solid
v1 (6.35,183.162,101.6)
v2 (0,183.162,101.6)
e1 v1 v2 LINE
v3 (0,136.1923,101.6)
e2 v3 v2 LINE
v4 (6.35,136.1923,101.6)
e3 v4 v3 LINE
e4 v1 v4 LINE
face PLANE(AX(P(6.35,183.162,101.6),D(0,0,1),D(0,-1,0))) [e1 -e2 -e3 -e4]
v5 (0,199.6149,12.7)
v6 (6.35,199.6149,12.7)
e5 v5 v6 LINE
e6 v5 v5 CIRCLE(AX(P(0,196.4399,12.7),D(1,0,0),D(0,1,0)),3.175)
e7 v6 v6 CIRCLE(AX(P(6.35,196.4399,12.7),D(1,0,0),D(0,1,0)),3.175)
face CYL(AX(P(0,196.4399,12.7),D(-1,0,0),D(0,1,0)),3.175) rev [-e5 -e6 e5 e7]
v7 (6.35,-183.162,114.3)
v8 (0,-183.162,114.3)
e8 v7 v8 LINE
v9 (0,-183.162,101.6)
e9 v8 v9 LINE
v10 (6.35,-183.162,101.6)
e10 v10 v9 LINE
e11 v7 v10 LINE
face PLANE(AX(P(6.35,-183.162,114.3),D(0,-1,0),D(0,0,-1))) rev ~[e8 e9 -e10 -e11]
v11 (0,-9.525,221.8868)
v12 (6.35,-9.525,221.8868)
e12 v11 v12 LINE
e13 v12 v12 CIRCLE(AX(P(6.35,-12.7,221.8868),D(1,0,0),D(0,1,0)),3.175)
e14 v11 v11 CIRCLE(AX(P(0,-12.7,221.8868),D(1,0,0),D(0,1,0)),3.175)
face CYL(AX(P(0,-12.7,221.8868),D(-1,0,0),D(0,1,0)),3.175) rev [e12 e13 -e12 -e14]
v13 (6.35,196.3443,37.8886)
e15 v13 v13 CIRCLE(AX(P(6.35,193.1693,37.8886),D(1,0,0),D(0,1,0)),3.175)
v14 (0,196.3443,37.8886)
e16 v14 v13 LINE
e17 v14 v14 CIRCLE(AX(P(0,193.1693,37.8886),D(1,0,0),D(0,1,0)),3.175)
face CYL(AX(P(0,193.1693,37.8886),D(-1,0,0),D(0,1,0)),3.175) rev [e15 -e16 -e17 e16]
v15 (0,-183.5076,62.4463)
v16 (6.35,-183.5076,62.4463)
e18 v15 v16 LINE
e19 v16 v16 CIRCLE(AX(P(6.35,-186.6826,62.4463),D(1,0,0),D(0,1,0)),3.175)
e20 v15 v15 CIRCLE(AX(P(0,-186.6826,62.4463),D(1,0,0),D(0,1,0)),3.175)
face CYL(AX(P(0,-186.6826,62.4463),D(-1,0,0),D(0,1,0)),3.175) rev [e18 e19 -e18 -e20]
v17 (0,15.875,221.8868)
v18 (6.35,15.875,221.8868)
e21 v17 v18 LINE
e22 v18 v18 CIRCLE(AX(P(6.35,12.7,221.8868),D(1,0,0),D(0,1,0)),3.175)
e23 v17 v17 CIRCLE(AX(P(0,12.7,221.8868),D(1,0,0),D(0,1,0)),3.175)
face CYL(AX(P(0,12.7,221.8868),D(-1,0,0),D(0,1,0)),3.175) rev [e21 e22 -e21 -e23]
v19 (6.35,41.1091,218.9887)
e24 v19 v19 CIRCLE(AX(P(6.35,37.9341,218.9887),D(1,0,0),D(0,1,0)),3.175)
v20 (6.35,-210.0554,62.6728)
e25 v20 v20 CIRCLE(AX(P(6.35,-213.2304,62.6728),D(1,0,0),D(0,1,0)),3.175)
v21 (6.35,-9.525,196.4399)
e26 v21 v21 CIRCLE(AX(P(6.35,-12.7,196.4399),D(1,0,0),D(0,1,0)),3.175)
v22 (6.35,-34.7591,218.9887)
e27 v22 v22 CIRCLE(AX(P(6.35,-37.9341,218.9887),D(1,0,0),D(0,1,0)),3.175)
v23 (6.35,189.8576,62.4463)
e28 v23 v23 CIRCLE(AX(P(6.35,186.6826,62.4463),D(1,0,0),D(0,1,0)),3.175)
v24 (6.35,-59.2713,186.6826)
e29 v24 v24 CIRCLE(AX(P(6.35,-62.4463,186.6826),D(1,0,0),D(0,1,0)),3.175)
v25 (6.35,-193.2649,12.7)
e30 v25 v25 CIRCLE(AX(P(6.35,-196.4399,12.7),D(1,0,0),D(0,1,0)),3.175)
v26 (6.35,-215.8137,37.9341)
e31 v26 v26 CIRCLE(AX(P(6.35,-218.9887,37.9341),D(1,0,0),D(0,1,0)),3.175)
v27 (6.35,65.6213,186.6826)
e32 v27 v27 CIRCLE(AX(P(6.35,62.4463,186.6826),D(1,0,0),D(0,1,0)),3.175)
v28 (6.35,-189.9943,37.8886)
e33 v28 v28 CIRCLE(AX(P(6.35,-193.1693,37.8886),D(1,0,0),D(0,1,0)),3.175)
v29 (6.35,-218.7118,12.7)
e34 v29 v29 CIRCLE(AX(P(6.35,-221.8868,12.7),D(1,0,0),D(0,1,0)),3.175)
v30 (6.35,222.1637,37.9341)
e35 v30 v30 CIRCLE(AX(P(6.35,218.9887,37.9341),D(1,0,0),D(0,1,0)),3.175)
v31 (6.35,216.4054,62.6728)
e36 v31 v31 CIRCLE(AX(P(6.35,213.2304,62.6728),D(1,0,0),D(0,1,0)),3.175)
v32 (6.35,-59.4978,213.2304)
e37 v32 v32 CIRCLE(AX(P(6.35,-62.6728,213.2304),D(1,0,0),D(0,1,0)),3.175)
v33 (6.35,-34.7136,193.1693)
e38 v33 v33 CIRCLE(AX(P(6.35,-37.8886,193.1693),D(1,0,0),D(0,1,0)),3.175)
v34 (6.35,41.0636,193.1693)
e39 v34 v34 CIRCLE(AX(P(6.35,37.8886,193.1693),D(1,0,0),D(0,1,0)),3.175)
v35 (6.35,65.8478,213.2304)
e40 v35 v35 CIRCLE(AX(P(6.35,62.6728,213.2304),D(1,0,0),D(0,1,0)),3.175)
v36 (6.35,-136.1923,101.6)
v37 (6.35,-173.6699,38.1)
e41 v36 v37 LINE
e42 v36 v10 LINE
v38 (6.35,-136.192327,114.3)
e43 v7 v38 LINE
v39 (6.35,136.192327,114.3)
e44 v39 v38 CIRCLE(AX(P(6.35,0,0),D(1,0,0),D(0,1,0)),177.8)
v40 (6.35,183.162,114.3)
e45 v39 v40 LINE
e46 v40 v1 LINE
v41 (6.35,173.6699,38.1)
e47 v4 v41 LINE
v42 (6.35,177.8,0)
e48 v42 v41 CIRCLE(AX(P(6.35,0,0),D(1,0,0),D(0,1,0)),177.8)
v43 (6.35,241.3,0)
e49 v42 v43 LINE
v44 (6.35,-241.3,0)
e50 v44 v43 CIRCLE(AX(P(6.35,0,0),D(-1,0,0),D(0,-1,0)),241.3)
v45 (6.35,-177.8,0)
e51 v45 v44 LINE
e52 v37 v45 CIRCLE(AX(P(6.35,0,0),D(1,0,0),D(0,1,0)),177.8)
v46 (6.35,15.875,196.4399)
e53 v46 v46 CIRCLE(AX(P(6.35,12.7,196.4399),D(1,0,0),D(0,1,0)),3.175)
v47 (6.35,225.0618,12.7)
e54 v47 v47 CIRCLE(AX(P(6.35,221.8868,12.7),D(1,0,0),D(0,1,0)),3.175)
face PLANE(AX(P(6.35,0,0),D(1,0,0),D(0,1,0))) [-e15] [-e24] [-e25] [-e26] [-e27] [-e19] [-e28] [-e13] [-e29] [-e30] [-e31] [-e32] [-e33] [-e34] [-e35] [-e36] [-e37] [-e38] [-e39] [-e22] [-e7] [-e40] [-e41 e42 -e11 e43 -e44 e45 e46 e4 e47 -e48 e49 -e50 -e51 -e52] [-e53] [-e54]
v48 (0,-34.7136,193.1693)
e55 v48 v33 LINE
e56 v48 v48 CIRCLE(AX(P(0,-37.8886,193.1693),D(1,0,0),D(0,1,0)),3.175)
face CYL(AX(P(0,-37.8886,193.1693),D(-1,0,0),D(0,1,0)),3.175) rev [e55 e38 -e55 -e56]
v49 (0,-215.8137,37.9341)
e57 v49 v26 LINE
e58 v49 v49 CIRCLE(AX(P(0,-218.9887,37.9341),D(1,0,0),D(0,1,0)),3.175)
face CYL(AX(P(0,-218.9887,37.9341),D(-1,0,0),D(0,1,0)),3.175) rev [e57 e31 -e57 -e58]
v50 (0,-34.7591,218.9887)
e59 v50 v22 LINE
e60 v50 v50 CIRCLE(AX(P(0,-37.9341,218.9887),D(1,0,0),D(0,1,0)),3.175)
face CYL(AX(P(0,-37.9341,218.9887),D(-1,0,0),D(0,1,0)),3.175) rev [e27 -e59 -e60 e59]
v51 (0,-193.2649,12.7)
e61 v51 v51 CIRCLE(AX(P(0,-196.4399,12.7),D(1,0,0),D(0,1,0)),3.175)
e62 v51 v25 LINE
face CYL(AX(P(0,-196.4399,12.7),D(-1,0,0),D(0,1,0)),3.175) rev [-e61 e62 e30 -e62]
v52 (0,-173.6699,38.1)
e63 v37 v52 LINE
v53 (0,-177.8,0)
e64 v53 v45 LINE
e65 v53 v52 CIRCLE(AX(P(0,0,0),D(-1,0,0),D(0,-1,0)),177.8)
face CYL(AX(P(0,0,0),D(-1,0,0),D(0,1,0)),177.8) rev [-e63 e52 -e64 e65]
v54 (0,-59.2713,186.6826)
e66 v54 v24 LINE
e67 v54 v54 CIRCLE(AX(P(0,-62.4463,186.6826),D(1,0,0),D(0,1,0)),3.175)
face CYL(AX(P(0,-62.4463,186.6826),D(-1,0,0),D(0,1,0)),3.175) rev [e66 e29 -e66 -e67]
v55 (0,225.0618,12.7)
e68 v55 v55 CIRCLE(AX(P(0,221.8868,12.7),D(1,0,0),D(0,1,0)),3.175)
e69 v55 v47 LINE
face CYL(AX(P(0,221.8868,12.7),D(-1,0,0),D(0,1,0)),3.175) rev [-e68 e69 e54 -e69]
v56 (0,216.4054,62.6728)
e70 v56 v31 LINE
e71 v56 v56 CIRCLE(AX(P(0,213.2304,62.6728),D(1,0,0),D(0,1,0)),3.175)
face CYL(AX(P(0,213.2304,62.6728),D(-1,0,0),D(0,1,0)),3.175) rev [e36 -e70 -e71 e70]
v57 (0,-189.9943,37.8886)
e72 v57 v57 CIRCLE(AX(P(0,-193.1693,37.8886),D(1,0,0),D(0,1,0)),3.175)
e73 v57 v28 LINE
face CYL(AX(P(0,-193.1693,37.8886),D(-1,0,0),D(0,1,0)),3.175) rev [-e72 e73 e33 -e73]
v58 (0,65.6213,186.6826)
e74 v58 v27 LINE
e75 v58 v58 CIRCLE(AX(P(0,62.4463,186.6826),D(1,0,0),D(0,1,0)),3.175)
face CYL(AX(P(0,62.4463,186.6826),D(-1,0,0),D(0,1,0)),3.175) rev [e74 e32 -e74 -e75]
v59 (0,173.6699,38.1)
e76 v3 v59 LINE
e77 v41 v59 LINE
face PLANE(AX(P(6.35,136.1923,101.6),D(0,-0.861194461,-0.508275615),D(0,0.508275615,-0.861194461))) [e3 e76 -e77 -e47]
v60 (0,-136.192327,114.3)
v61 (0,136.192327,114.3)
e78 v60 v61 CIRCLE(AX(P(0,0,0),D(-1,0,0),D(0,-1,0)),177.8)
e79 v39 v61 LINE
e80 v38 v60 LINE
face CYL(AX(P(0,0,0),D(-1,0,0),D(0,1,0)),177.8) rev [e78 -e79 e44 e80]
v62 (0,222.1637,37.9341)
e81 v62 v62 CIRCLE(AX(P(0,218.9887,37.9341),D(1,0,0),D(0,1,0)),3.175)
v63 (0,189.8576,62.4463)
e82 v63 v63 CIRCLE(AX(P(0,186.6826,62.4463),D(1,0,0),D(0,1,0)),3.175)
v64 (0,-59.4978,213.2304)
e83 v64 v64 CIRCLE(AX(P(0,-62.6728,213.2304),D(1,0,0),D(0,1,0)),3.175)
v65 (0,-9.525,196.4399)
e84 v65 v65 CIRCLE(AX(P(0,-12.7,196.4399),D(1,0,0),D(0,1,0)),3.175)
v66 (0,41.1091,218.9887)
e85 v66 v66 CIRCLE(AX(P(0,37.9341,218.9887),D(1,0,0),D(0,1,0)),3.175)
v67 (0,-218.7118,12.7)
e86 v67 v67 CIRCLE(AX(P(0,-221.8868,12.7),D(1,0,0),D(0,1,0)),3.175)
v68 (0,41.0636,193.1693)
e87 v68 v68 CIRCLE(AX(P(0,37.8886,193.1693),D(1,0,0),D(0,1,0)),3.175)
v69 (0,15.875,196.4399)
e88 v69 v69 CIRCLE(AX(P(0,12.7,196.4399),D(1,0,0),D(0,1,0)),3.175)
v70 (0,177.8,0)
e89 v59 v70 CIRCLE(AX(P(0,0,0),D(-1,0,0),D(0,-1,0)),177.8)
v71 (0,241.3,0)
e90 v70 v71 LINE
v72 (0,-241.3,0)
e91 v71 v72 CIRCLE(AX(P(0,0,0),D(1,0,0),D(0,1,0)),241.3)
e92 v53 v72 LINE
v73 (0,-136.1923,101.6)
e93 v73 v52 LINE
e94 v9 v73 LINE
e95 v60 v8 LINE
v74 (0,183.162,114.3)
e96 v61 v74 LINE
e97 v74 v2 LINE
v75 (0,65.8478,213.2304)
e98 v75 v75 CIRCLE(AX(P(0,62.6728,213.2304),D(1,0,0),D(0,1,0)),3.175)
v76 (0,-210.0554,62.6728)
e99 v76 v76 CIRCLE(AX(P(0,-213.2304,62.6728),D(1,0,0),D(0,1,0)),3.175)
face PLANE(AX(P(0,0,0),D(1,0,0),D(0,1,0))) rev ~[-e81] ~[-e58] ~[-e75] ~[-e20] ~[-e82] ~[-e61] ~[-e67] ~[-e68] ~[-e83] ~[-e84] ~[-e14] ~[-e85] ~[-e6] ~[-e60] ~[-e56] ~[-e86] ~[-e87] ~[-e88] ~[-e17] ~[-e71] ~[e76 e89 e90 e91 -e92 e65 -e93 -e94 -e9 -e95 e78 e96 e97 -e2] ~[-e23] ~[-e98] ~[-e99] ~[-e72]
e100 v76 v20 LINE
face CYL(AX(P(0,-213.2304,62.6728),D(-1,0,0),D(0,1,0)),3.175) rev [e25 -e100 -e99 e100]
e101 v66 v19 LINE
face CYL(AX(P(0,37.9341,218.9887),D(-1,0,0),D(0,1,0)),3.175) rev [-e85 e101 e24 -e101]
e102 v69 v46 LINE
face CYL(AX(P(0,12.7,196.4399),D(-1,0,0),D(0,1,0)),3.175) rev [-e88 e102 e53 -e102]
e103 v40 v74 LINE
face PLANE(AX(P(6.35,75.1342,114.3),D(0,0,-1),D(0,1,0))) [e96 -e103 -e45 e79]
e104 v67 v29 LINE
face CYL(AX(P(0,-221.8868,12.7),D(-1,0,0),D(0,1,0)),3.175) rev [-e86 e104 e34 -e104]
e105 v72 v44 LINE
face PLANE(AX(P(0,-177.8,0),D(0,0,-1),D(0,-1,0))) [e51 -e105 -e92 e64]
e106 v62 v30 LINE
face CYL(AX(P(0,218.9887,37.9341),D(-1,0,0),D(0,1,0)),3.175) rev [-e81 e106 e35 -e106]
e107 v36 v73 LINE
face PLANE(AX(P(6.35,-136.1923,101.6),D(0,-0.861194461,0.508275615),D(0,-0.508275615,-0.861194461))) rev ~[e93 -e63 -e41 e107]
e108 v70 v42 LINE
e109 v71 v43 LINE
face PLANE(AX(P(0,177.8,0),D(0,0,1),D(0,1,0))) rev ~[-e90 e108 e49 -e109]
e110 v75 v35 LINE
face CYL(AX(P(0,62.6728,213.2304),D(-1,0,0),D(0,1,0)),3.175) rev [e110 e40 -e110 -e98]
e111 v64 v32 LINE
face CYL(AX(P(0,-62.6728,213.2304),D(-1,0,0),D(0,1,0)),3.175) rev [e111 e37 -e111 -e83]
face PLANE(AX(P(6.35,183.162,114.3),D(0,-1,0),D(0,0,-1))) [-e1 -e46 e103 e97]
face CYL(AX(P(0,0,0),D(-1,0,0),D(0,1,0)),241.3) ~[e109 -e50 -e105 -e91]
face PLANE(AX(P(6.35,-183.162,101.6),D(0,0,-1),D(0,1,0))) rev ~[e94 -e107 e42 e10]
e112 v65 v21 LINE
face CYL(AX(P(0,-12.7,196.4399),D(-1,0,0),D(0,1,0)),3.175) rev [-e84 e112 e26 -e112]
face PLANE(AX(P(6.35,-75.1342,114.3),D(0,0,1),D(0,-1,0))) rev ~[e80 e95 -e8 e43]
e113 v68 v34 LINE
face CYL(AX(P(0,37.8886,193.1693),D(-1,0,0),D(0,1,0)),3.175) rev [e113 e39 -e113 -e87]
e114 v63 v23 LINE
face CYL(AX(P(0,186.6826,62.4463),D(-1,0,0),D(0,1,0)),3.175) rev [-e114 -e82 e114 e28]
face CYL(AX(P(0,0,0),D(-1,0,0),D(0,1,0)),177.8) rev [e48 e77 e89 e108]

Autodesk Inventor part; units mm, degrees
ref_plane "YZ Plane" through (0, 0, 0) normal (1, 0, 0) x (0, 1, 0)
ref_plane "XZ Plane" through (0, 0, 0) normal (0, 1, 0) x (-1, 0, 0)
ref_plane "XY Plane" through (0, 0, 0) normal (0, 0, 1) x (1, 0, 0)
sketch "Sketch1" plane through (0, 0, 0) normal (1, 0, 0) x (0, 1, 0)
  arc A0 (241.3, 0) -> (-241.3, 0) centre (0, 0) ccw
  arc A1 (177.8, 0) -> (-177.8, 0) centre (0, 0) ccw
  line L0 (-177.8, 0) -> (-241.3, 0)
  circle A2 centre (221.8868, 12.7) radius 3.175
  circle A3 centre (0, 0) radius 222.25 construction
  circle A4 centre (218.9887, 37.9341) radius 3.175
  circle A5 centre (213.2304, 62.6728) radius 3.175
  circle A6 centre (0, 0) radius 196.85 construction
  circle A7 centre (186.6826, 62.4463) radius 3.175
  circle A8 centre (193.1693, 37.8886) radius 3.175
  circle A9 centre (196.4399, 12.7) radius 3.175
  line L1 (0, 0) -> (360.6027, 0)
  line L2 (360.6027, 0) -> (-412.5993, 0)
  line L3 (0, 0) -> (0, -65.1131)
  circle A10 centre (-221.8868, 12.7) radius 3.175
  circle A11 centre (-218.9887, 37.9341) radius 3.175
  circle A12 centre (-213.2304, 62.6728) radius 3.175
  circle A13 centre (-186.6826, 62.4463) radius 3.175
  circle A14 centre (-193.1693, 37.8886) radius 3.175
  circle A15 centre (-196.4399, 12.7) radius 3.175
  line L4 (0, 0) -> (205.1572, 205.1572)
  line L5 (0, 0) -> (-243.5425, 243.5425)
  circle A16 centre (-12.7, 221.8868) radius 3.175
  circle A17 centre (-37.9341, 218.9887) radius 3.175
  circle A18 centre (-62.6728, 213.2304) radius 3.175
  circle A19 centre (-62.4463, 186.6826) radius 3.175
  circle A20 centre (-37.8886, 193.1693) radius 3.175
  circle A21 centre (-12.7, 196.4399) radius 3.175
  circle A22 centre (12.7, 221.8868) radius 3.175
  circle A23 centre (37.9341, 218.9887) radius 3.175
  circle A24 centre (62.6728, 213.2304) radius 3.175
  circle A25 centre (62.4463, 186.6826) radius 3.175
  circle A26 centre (37.8886, 193.1693) radius 3.175
  circle A27 centre (12.7, 196.4399) radius 3.175
  line L6 (241.3, 0) -> (177.8, 0)
  dimension "d0" = 482.6
  dimension "d1" = 355.6
  dimension "d2" = 6.35
  dimension "d3" = 444.5
  dimension "d4" = 6.35
  dimension "d5" = 6.35
  dimension "d6" = 25.4
  dimension "d7" = 25.4
  dimension "d8" = 393.7
  dimension "d9" = 6.35
  dimension "d10" = 6.35
  dimension "d11" = 6.35
  dimension "d13" = 12.7
  dimension "d14" = 12.7
  dimension "d15" = 25.4
  dimension "d16" = 25.4
  dimension "d17" = 45
  dimension "d18" = 45
extrude "Extrusion1" add sketch "Sketch1" along normal blind 6.35 contours L1 A1 L4 A0 | L4 A1 L5 A0 | L5 A1 L0 A0
sketch "Sketch2" plane through (6.35, 0, 0) normal (1, 0, 0) x (0, 0, -1)
  line L0 (-101.6, 183.162) -> (-101.6, 145.9119) projected
  arc A0 (101.6, 145.9119) -> (-101.6, 145.9119) centre (0, 0) ccw projected
  line L1 (101.6, 145.9119) -> (101.6, 183.162) projected
  line L2 (101.6, 183.162) -> (114.3, 183.162) projected
  line L3 (114.3, 183.162) -> (114.3, 136.1923) projected
  arc A1 (177.8, 0) -> (114.3, 136.1923) centre (0, 0) ccw projected
  line L4 (177.8, 0) -> (254, 0) projected
  arc A2 (254, 0) -> (50.0287, 249.0244) centre (0, 0) ccw projected
  arc A3 (36.5783, 256.4729) -> (50.0287, 249.0244) centre (55.0316, 273.9268) ccw projected
  arc A4 (36.5783, 256.4729) -> (-36.5783, 256.4729) centre (0, 221.8757) ccw projected
  arc A5 (-50.0287, 249.0244) -> (-36.5783, 256.4729) centre (-55.0316, 273.9268) ccw projected
  arc A6 (-50.0287, 249.0244) -> (-254, 0) centre (0, 0) ccw projected
  line L5 (-254, 0) -> (-177.8, 0) projected
  arc A7 (-114.3, 136.1923) -> (-177.8, 0) centre (0, 0) ccw projected
  line L6 (-114.3, 136.1923) -> (-114.3, 183.162) projected
  line L7 (-114.3, 183.162) -> (-101.6, 183.162) projected
  circle A8 centre (-196.4399, 12.7) radius 3.302 projected
  circle A9 centre (-218.9887, 37.9341) radius 3.302 projected
  circle A10 centre (-186.6826, 62.4463) radius 3.302 projected
  circle A11 centre (-62.4463, 186.6826) radius 3.302 projected
  circle A12 centre (-37.9341, 218.9887) radius 3.302 projected
  circle A13 centre (-12.7, 196.4399) radius 3.302 projected
  circle A14 centre (12.7, 221.8868) radius 3.302 projected
  circle A15 centre (37.8886, 193.1693) radius 3.302 projected
  circle A16 centre (62.6728, 213.2304) radius 3.302 projected
  circle A17 centre (196.4399, 12.7) radius 3.302 projected
  circle A18 centre (193.1693, 37.8886) radius 3.302 projected
  circle A19 centre (186.6826, 62.4463) radius 3.302 projected
  circle A20 centre (213.2304, 62.6728) radius 3.302 projected
  circle A21 centre (218.9887, 37.9341) radius 3.302 projected
  circle A22 centre (221.8868, 12.7) radius 3.302 projected
  circle A23 centre (62.4463, 186.6826) radius 3.302 projected
  circle A24 centre (37.9341, 218.9887) radius 3.302 projected
  circle A25 centre (12.7, 196.4399) radius 3.302 projected
  circle A26 centre (-12.7, 221.8868) radius 3.302 projected
  circle A27 centre (-37.8886, 193.1693) radius 3.302 projected
  circle A28 centre (-62.6728, 213.2304) radius 3.302 projected
  circle A29 centre (-213.2304, 62.6728) radius 3.302 projected
  circle A30 centre (-193.1693, 37.8886) radius 3.302 projected
  circle A31 centre (-221.8868, 12.7) radius 3.302 projected
  circle A32 centre (0, 259.6856) radius 3.302 projected
  line L8 (0, 0) -> (-75.0645, 0)
  line L9 (-114.3, 183.162) -> (-101.6, 183.162)
  line L10 (-101.6, 183.162) -> (-101.6, 75.1342)
  line L11 (-101.6, 75.1342) -> (-114.3, 75.1342)
  line L12 (-114.3, 75.1342) -> (-114.3, 183.162)
  line L13 (-114.3, -136.1923) -> (-114.3, -183.162)
  line L14 (-114.3, -183.162) -> (-101.6, -183.162)
  line L15 (-101.6, -183.162) -> (-101.6, -75.1342)
  line L16 (-101.6, -75.1342) -> (-114.3, -75.1342)
  line L17 (-114.3, -75.1342) -> (-114.3, -183.162)
  line L18 (-114.3, -183.162) -> (-101.6, -183.162)
  line L19 (-101.6, -183.162) -> (-101.6, -75.1342)
  line L20 (-101.6, -75.1342) -> (-114.3, -75.1342)
  line L21 (-114.3, -75.1342) -> (-114.3, -183.162)
  point P0 (0, 0)
extrude "Extrusion2" cut sketch "Sketch2" against normal blind 25.4 contours L0 L10 L11 L12 L6 L7 | L17 L16 L15 L14 L13
sketch "Sketch3" plane through (6.35, 0, 0) normal (1, 0, 0) x (0, 0, -1)
  line L0 (-101.6, 183.162) -> (-101.6, 136.1923) projected
  line L1 (-101.6, 136.1923) -> (-38.1, 173.6699) projected
  arc A0 (38.1, 173.6699) -> (-38.1, 173.6699) centre (0, 0) ccw projected
  line L2 (38.1, 173.6699) -> (101.6, 136.1923) projected
  line L3 (101.6, 136.1923) -> (101.6, 183.162) projected
  line L4 (101.6, 183.162) -> (114.3, 183.162) projected
  line L5 (114.3, 183.162) -> (114.3, 136.1923) projected
  arc A1 (177.8, 0) -> (114.3, 136.1923) centre (0, 0) ccw projected
  line L6 (177.8, 0) -> (254, 0) projected
  arc A2 (254, 0) -> (50.0287, 249.0244) centre (0, 0) ccw projected
  arc A3 (36.5783, 256.4729) -> (50.0287, 249.0244) centre (55.0316, 273.9268) ccw projected
  arc A4 (36.5783, 256.4729) -> (-36.5783, 256.4729) centre (0, 221.8757) ccw projected
  arc A5 (-50.0287, 249.0244) -> (-36.5783, 256.4729) centre (-55.0316, 273.9268) ccw projected
  arc A6 (-50.0287, 249.0244) -> (-254, 0) centre (0, 0) ccw projected
  line L7 (-254, 0) -> (-177.8, 0) projected
  arc A7 (-114.3, 136.1923) -> (-177.8, 0) centre (0, 0) ccw projected
  line L8 (-114.3, 136.1923) -> (-114.3, 183.162) projected
  line L9 (-114.3, 183.162) -> (-101.6, 183.162) projected
  circle A8 centre (-196.4399, 12.7) radius 3.302 projected
  circle A9 centre (-218.9887, 37.9341) radius 3.302 projected
  circle A10 centre (-186.6826, 62.4463) radius 3.302 projected
  circle A11 centre (-62.4463, 186.6826) radius 3.302 projected
  circle A12 centre (-37.9341, 218.9887) radius 3.302 projected
  circle A13 centre (-12.7, 196.4399) radius 3.302 projected
  circle A14 centre (12.7, 221.8868) radius 3.302 projected
  circle A15 centre (37.8886, 193.1693) radius 3.302 projected
  circle A16 centre (62.6728, 213.2304) radius 3.302 projected
  circle A17 centre (196.4399, 12.7) radius 3.302 projected
  circle A18 centre (193.1693, 37.8886) radius 3.302 projected
  circle A19 centre (186.6826, 62.4463) radius 3.302 projected
  circle A20 centre (213.2304, 62.6728) radius 3.302 projected
  circle A21 centre (218.9887, 37.9341) radius 3.302 projected
  circle A22 centre (221.8868, 12.7) radius 3.302 projected
  circle A23 centre (62.4463, 186.6826) radius 3.302 projected
  circle A24 centre (37.9341, 218.9887) radius 3.302 projected
  circle A25 centre (12.7, 196.4399) radius 3.302 projected
  circle A26 centre (-12.7, 221.8868) radius 3.302 projected
  circle A27 centre (-37.8886, 193.1693) radius 3.302 projected
  circle A28 centre (-62.6728, 213.2304) radius 3.302 projected
  circle A29 centre (-213.2304, 62.6728) radius 3.302 projected
  circle A30 centre (-193.1693, 37.8886) radius 3.302 projected
  circle A31 centre (-221.8868, 12.7) radius 3.302 projected
  circle A32 centre (0, 259.6856) radius 3.302 projected
  line L10 (0, 0) -> (-50.0287, 0)
  arc A33 (0, 177.8) -> (-101.6, 145.9119) centre (0, 0) ccw projected
  arc A34 (-38.1, 173.6699) -> (-101.6, 145.9119) centre (0, 0) ccw
  line L11 (-101.6, -145.9119) -> (-101.6, -183.162) projected
  line L12 (-101.6, -183.162) -> (-114.3, -183.162) projected
  line L13 (-114.3, -183.162) -> (-114.3, -136.1923) projected
  arc A35 (-177.8, 0) -> (-114.3, -136.1923) centre (0, 0) ccw projected
  line L14 (-177.8, 0) -> (-254, 0) projected
  line L15 (-254, 0) -> (-254, -254) projected
  line L16 (-254, -254) -> (254, -254) projected
  line L17 (254, -254) -> (254, 0) projected
  line L18 (254, 0) -> (177.8, 0) projected
  arc A36 (114.3, -136.1923) -> (177.8, 0) centre (0, 0) ccw projected
  line L19 (114.3, -136.1923) -> (114.3, -183.162) projected
  line L20 (114.3, -183.162) -> (101.6, -183.162) projected
  line L21 (101.6, -183.162) -> (101.6, -145.9119) projected
  arc A37 (-101.6, -145.9119) -> (101.6, -145.9119) centre (0, 0) ccw projected
  circle A38 centre (221.8868, -12.7) radius 3.302 projected
  circle A39 centre (193.1693, -37.8886) radius 3.302 projected
  circle A40 centre (213.2304, -62.6728) radius 3.302 projected
  circle A41 centre (62.4463, -186.6826) radius 3.302 projected
  circle A42 centre (37.9341, -218.9887) radius 3.302 projected
  circle A43 centre (12.7, -221.8868) radius 3.302 projected
  circle A44 centre (-12.7, -221.8868) radius 3.302 projected
  circle A45 centre (-37.9341, -218.9887) radius 3.302 projected
  circle A46 centre (-62.6728, -213.2304) radius 3.302 projected
  circle A47 centre (-186.6826, -62.4463) radius 3.302 projected
  circle A48 centre (-218.9887, -37.9341) radius 3.302 projected
  circle A49 centre (-196.4399, -12.7) radius 3.302 projected
  circle A50 centre (-221.8868, -12.7) radius 3.302 projected
  circle A51 centre (-193.1693, -37.8886) radius 3.302 projected
  circle A52 centre (-213.2304, -62.6728) radius 3.302 projected
  circle A53 centre (-62.4463, -186.6826) radius 3.302 projected
  circle A54 centre (-37.8886, -193.1693) radius 3.302 projected
  circle A55 centre (-12.7, -196.4399) radius 3.302 projected
  circle A56 centre (12.7, -196.4399) radius 3.302 projected
  circle A57 centre (37.8886, -193.1693) radius 3.302 projected
  circle A58 centre (62.6728, -213.2304) radius 3.302 projected
  circle A59 centre (186.6826, -62.4463) radius 3.302 projected
  circle A60 centre (218.9887, -37.9341) radius 3.302 projected
  circle A61 centre (196.4399, -12.7) radius 3.302 projected
  circle A62 centre (-215.9, -215.9) radius 3.302 projected
  circle A63 centre (215.9, -215.9) radius 3.302 projected
  line L22 (-101.6, -136.1923) -> (-38.1, -173.6699)
  line L23 (-101.6, -183.162) -> (-101.6, -145.9119) projected
  line L24 (-101.6, -136.1923) -> (-101.6, -145.9119)
  arc A64 (-101.6, -145.9119) -> (0, -177.8) centre (0, 0) ccw projected
  arc A65 (-101.6, -145.9119) -> (-38.1, -173.6699) centre (0, 0) ccw
extrude "Extrusion3" add sketch "Sketch3" against normal blind 6.35 contours A33 L1 L0 | L24 L22 A37
properties part number "19in inner coil" material "Acetal Resin, Black"
